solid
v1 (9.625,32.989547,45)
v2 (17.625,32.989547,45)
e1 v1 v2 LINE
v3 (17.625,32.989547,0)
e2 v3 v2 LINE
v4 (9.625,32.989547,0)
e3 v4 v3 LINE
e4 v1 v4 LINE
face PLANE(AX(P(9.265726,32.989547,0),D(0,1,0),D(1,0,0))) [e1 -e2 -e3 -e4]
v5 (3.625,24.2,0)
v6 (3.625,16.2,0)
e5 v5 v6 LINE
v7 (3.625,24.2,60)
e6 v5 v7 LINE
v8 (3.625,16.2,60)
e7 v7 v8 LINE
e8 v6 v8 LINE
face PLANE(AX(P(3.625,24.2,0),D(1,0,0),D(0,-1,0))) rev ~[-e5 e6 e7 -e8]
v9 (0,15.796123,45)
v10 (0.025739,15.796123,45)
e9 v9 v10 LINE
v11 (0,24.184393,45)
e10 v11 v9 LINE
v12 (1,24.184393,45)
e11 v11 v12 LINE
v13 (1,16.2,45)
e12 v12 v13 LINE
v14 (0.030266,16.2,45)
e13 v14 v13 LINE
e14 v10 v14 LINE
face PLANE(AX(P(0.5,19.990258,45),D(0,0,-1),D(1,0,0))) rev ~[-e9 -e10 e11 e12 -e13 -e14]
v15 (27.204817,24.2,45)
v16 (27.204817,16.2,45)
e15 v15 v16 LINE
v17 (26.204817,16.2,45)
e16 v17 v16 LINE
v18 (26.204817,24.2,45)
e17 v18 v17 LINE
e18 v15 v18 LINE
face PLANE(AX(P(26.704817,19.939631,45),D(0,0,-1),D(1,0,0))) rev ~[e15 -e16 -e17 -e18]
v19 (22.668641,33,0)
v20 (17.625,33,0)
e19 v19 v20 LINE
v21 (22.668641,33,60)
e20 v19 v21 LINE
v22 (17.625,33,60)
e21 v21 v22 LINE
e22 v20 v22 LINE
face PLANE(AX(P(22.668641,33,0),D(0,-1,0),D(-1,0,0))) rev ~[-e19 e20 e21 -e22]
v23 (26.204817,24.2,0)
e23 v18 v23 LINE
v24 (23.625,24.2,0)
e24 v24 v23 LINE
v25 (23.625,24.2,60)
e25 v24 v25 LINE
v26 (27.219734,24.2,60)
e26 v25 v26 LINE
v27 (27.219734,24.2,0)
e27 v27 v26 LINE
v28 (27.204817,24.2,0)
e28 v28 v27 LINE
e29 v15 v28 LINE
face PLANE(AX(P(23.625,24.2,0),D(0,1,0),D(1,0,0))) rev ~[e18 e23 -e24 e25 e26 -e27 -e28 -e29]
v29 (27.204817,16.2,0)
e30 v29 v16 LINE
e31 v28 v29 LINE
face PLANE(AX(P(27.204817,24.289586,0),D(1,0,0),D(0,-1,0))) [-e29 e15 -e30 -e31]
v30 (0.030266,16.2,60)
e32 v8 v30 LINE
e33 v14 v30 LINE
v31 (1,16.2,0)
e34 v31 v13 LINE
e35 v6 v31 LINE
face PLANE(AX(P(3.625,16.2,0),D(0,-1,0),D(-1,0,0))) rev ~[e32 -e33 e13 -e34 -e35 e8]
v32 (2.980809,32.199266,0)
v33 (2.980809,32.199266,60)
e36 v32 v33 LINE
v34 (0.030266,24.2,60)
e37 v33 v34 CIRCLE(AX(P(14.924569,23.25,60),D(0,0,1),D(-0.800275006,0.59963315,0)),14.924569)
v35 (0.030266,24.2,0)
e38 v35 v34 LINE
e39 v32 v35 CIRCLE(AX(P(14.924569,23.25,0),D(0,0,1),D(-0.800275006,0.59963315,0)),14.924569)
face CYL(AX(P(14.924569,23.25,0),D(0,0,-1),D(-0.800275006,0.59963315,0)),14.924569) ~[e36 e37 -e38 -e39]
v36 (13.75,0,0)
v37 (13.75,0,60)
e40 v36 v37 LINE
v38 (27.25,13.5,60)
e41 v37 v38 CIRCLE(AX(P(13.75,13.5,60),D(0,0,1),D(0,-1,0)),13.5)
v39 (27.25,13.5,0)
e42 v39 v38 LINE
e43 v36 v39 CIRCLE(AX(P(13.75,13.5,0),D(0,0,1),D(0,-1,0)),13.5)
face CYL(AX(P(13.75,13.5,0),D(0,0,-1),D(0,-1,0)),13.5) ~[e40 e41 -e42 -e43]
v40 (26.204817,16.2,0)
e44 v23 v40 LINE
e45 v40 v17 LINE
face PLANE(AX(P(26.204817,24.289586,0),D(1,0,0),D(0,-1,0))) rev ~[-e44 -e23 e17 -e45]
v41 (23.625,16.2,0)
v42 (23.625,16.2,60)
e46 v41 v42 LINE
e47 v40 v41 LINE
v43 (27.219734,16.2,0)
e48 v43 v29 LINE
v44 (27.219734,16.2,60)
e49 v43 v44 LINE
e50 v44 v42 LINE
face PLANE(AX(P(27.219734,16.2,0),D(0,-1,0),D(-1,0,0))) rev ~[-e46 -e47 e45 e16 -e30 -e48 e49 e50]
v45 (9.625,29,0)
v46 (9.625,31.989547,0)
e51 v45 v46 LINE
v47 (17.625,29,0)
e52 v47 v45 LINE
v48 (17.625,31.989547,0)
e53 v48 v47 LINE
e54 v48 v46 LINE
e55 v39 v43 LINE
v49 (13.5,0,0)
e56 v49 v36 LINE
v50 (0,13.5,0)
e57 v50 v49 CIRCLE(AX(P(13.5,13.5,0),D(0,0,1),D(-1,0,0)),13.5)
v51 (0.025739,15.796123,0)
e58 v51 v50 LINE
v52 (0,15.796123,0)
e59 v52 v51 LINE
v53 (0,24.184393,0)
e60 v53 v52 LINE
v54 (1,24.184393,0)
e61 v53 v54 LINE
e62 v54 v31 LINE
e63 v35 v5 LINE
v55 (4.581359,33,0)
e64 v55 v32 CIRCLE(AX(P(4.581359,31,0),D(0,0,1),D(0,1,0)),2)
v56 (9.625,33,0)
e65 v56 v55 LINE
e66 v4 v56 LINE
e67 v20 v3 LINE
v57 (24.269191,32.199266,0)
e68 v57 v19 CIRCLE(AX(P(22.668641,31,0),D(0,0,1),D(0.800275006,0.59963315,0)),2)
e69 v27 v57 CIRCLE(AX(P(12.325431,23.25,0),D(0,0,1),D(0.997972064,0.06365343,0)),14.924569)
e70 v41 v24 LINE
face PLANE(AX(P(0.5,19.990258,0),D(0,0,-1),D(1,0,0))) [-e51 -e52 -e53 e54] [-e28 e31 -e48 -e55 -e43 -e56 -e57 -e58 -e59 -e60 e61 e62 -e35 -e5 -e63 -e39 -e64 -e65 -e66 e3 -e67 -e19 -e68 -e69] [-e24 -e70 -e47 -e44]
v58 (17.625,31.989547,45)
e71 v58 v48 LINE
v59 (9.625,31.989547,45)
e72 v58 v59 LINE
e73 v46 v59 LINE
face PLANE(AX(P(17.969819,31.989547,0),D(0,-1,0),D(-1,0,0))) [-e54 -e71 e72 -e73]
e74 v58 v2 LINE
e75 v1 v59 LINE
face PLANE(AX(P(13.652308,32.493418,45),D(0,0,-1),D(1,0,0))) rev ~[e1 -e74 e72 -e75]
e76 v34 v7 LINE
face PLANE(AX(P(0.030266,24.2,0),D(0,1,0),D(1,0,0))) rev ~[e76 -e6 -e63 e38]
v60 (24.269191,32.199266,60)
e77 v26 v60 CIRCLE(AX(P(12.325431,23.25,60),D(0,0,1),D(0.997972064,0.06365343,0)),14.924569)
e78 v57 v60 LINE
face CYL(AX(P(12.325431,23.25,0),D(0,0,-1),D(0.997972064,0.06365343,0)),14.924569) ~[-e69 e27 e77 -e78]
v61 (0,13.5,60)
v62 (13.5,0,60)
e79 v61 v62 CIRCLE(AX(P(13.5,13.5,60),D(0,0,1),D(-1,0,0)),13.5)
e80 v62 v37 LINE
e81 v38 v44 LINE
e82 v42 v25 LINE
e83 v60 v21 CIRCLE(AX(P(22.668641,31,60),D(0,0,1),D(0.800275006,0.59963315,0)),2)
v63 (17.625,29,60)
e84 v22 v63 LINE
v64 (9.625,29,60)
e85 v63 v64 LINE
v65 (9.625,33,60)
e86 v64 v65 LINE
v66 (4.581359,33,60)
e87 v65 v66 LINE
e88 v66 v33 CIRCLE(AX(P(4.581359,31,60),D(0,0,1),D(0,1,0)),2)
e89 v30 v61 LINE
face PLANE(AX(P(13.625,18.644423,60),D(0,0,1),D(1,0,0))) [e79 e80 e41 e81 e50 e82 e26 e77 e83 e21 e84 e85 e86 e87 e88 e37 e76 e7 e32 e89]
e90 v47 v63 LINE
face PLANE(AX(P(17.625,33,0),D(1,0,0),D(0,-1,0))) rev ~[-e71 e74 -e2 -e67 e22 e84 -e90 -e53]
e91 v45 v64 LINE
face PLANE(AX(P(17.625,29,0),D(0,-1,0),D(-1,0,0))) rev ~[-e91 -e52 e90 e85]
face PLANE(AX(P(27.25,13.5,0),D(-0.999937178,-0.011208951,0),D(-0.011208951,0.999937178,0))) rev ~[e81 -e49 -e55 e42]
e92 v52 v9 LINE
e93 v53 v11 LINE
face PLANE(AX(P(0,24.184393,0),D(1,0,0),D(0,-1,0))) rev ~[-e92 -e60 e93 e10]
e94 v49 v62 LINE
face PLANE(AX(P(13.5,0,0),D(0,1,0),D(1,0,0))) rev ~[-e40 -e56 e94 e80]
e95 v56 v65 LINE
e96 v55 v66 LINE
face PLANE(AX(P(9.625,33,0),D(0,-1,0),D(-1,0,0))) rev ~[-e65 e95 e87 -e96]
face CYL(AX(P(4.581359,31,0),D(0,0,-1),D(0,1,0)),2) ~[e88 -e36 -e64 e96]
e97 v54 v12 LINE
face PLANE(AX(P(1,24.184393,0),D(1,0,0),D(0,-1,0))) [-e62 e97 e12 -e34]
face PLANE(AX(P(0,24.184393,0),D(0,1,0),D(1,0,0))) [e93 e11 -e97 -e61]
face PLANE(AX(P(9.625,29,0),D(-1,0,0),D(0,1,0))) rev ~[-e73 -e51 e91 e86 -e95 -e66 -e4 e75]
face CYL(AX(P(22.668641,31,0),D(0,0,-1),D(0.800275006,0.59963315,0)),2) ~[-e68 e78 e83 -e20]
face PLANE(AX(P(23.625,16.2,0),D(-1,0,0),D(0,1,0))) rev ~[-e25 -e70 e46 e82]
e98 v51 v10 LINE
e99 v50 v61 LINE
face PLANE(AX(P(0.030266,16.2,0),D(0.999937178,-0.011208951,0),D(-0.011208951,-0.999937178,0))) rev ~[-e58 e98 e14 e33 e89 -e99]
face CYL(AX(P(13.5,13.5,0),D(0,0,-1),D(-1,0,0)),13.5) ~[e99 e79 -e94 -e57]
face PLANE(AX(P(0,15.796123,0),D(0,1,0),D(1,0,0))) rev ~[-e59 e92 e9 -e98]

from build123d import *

# Parameters (mm, degrees)
F1_DEPTH = 60
F3_W     = 1
F3_H     = 8.3882696927
F3_H_2   = 8.6999088526
F4_DEPTH = 45


with BuildPart() as f1:
    # F0 (on Top) → F1 (new body)
    with BuildSketch(Plane.XY):
        with BuildLine():
            ThreePointArc((0, 13.5), (3.954058454, 3.954058454), (13.5, 0))
            Line((13.5, 0), (13.75, 0))
            ThreePointArc((13.75, 0), (23.295941546, 3.954058454), (27.25, 13.5))
            Line((27.25, 13.5), (27.2197339321, 16.2))
            Line((27.2197339321, 16.2), (23.625, 16.2))
            Line((23.625, 16.2), (23.625, 24.2))
            Line((23.625, 24.2), (27.2197339321, 24.2))
            ThreePointArc((27.2197339321, 24.2), (26.3278402534, 28.4148131498), (24.2691905557, 32.1992662998))
            ThreePointArc((24.2691905557, 32.1992662998), (23.5634777912, 32.7886492948), (22.6686405434, 33))
            Line((22.6686405434, 33), (17.625, 33))
            Line((17.625, 33), (17.625, 29))
            Line((17.625, 29), (9.625, 29))
            Line((9.625, 29), (9.625, 33))
            Line((9.625, 33), (4.5813594566, 33))
            ThreePointArc((4.5813594566, 33), (3.6865222088, 32.7886492948), (2.9808094443, 32.1992662998))
            ThreePointArc((2.9808094443, 32.1992662998), (0.9221597466, 28.4148131498), (0.0302660679, 24.2))
            Line((0.0302660679, 24.2), (3.625, 24.2))
            Line((3.625, 24.2), (3.625, 16.2))
            Line((3.625, 16.2), (0.0302660679, 16.2))
            Line((0.0302660679, 16.2), (0, 13.5))
        make_face()
    extrude(amount=F1_DEPTH)

    # F3 (on offset) → F4 (join)
    with BuildSketch(Plane(origin=(0, 0, 0), x_dir=(1, 0, 0), z_dir=(0, 0, -1))):
        with Locations((0.5, -19.9902579188)):
            Rectangle(F3_W, F3_H)
        with Locations((26.7048169971, -19.9396312237)):
            Rectangle(F3_W, F3_H_2)
        Polygon((17.9698187858, -31.9895466566), (9.4149392098, -31.9895466566), (9.2657264322, -32.9895466566), (17.9698187858, -32.9895466566), align=None)
    extrude(amount=-F4_DEPTH)


solid = f1.part
